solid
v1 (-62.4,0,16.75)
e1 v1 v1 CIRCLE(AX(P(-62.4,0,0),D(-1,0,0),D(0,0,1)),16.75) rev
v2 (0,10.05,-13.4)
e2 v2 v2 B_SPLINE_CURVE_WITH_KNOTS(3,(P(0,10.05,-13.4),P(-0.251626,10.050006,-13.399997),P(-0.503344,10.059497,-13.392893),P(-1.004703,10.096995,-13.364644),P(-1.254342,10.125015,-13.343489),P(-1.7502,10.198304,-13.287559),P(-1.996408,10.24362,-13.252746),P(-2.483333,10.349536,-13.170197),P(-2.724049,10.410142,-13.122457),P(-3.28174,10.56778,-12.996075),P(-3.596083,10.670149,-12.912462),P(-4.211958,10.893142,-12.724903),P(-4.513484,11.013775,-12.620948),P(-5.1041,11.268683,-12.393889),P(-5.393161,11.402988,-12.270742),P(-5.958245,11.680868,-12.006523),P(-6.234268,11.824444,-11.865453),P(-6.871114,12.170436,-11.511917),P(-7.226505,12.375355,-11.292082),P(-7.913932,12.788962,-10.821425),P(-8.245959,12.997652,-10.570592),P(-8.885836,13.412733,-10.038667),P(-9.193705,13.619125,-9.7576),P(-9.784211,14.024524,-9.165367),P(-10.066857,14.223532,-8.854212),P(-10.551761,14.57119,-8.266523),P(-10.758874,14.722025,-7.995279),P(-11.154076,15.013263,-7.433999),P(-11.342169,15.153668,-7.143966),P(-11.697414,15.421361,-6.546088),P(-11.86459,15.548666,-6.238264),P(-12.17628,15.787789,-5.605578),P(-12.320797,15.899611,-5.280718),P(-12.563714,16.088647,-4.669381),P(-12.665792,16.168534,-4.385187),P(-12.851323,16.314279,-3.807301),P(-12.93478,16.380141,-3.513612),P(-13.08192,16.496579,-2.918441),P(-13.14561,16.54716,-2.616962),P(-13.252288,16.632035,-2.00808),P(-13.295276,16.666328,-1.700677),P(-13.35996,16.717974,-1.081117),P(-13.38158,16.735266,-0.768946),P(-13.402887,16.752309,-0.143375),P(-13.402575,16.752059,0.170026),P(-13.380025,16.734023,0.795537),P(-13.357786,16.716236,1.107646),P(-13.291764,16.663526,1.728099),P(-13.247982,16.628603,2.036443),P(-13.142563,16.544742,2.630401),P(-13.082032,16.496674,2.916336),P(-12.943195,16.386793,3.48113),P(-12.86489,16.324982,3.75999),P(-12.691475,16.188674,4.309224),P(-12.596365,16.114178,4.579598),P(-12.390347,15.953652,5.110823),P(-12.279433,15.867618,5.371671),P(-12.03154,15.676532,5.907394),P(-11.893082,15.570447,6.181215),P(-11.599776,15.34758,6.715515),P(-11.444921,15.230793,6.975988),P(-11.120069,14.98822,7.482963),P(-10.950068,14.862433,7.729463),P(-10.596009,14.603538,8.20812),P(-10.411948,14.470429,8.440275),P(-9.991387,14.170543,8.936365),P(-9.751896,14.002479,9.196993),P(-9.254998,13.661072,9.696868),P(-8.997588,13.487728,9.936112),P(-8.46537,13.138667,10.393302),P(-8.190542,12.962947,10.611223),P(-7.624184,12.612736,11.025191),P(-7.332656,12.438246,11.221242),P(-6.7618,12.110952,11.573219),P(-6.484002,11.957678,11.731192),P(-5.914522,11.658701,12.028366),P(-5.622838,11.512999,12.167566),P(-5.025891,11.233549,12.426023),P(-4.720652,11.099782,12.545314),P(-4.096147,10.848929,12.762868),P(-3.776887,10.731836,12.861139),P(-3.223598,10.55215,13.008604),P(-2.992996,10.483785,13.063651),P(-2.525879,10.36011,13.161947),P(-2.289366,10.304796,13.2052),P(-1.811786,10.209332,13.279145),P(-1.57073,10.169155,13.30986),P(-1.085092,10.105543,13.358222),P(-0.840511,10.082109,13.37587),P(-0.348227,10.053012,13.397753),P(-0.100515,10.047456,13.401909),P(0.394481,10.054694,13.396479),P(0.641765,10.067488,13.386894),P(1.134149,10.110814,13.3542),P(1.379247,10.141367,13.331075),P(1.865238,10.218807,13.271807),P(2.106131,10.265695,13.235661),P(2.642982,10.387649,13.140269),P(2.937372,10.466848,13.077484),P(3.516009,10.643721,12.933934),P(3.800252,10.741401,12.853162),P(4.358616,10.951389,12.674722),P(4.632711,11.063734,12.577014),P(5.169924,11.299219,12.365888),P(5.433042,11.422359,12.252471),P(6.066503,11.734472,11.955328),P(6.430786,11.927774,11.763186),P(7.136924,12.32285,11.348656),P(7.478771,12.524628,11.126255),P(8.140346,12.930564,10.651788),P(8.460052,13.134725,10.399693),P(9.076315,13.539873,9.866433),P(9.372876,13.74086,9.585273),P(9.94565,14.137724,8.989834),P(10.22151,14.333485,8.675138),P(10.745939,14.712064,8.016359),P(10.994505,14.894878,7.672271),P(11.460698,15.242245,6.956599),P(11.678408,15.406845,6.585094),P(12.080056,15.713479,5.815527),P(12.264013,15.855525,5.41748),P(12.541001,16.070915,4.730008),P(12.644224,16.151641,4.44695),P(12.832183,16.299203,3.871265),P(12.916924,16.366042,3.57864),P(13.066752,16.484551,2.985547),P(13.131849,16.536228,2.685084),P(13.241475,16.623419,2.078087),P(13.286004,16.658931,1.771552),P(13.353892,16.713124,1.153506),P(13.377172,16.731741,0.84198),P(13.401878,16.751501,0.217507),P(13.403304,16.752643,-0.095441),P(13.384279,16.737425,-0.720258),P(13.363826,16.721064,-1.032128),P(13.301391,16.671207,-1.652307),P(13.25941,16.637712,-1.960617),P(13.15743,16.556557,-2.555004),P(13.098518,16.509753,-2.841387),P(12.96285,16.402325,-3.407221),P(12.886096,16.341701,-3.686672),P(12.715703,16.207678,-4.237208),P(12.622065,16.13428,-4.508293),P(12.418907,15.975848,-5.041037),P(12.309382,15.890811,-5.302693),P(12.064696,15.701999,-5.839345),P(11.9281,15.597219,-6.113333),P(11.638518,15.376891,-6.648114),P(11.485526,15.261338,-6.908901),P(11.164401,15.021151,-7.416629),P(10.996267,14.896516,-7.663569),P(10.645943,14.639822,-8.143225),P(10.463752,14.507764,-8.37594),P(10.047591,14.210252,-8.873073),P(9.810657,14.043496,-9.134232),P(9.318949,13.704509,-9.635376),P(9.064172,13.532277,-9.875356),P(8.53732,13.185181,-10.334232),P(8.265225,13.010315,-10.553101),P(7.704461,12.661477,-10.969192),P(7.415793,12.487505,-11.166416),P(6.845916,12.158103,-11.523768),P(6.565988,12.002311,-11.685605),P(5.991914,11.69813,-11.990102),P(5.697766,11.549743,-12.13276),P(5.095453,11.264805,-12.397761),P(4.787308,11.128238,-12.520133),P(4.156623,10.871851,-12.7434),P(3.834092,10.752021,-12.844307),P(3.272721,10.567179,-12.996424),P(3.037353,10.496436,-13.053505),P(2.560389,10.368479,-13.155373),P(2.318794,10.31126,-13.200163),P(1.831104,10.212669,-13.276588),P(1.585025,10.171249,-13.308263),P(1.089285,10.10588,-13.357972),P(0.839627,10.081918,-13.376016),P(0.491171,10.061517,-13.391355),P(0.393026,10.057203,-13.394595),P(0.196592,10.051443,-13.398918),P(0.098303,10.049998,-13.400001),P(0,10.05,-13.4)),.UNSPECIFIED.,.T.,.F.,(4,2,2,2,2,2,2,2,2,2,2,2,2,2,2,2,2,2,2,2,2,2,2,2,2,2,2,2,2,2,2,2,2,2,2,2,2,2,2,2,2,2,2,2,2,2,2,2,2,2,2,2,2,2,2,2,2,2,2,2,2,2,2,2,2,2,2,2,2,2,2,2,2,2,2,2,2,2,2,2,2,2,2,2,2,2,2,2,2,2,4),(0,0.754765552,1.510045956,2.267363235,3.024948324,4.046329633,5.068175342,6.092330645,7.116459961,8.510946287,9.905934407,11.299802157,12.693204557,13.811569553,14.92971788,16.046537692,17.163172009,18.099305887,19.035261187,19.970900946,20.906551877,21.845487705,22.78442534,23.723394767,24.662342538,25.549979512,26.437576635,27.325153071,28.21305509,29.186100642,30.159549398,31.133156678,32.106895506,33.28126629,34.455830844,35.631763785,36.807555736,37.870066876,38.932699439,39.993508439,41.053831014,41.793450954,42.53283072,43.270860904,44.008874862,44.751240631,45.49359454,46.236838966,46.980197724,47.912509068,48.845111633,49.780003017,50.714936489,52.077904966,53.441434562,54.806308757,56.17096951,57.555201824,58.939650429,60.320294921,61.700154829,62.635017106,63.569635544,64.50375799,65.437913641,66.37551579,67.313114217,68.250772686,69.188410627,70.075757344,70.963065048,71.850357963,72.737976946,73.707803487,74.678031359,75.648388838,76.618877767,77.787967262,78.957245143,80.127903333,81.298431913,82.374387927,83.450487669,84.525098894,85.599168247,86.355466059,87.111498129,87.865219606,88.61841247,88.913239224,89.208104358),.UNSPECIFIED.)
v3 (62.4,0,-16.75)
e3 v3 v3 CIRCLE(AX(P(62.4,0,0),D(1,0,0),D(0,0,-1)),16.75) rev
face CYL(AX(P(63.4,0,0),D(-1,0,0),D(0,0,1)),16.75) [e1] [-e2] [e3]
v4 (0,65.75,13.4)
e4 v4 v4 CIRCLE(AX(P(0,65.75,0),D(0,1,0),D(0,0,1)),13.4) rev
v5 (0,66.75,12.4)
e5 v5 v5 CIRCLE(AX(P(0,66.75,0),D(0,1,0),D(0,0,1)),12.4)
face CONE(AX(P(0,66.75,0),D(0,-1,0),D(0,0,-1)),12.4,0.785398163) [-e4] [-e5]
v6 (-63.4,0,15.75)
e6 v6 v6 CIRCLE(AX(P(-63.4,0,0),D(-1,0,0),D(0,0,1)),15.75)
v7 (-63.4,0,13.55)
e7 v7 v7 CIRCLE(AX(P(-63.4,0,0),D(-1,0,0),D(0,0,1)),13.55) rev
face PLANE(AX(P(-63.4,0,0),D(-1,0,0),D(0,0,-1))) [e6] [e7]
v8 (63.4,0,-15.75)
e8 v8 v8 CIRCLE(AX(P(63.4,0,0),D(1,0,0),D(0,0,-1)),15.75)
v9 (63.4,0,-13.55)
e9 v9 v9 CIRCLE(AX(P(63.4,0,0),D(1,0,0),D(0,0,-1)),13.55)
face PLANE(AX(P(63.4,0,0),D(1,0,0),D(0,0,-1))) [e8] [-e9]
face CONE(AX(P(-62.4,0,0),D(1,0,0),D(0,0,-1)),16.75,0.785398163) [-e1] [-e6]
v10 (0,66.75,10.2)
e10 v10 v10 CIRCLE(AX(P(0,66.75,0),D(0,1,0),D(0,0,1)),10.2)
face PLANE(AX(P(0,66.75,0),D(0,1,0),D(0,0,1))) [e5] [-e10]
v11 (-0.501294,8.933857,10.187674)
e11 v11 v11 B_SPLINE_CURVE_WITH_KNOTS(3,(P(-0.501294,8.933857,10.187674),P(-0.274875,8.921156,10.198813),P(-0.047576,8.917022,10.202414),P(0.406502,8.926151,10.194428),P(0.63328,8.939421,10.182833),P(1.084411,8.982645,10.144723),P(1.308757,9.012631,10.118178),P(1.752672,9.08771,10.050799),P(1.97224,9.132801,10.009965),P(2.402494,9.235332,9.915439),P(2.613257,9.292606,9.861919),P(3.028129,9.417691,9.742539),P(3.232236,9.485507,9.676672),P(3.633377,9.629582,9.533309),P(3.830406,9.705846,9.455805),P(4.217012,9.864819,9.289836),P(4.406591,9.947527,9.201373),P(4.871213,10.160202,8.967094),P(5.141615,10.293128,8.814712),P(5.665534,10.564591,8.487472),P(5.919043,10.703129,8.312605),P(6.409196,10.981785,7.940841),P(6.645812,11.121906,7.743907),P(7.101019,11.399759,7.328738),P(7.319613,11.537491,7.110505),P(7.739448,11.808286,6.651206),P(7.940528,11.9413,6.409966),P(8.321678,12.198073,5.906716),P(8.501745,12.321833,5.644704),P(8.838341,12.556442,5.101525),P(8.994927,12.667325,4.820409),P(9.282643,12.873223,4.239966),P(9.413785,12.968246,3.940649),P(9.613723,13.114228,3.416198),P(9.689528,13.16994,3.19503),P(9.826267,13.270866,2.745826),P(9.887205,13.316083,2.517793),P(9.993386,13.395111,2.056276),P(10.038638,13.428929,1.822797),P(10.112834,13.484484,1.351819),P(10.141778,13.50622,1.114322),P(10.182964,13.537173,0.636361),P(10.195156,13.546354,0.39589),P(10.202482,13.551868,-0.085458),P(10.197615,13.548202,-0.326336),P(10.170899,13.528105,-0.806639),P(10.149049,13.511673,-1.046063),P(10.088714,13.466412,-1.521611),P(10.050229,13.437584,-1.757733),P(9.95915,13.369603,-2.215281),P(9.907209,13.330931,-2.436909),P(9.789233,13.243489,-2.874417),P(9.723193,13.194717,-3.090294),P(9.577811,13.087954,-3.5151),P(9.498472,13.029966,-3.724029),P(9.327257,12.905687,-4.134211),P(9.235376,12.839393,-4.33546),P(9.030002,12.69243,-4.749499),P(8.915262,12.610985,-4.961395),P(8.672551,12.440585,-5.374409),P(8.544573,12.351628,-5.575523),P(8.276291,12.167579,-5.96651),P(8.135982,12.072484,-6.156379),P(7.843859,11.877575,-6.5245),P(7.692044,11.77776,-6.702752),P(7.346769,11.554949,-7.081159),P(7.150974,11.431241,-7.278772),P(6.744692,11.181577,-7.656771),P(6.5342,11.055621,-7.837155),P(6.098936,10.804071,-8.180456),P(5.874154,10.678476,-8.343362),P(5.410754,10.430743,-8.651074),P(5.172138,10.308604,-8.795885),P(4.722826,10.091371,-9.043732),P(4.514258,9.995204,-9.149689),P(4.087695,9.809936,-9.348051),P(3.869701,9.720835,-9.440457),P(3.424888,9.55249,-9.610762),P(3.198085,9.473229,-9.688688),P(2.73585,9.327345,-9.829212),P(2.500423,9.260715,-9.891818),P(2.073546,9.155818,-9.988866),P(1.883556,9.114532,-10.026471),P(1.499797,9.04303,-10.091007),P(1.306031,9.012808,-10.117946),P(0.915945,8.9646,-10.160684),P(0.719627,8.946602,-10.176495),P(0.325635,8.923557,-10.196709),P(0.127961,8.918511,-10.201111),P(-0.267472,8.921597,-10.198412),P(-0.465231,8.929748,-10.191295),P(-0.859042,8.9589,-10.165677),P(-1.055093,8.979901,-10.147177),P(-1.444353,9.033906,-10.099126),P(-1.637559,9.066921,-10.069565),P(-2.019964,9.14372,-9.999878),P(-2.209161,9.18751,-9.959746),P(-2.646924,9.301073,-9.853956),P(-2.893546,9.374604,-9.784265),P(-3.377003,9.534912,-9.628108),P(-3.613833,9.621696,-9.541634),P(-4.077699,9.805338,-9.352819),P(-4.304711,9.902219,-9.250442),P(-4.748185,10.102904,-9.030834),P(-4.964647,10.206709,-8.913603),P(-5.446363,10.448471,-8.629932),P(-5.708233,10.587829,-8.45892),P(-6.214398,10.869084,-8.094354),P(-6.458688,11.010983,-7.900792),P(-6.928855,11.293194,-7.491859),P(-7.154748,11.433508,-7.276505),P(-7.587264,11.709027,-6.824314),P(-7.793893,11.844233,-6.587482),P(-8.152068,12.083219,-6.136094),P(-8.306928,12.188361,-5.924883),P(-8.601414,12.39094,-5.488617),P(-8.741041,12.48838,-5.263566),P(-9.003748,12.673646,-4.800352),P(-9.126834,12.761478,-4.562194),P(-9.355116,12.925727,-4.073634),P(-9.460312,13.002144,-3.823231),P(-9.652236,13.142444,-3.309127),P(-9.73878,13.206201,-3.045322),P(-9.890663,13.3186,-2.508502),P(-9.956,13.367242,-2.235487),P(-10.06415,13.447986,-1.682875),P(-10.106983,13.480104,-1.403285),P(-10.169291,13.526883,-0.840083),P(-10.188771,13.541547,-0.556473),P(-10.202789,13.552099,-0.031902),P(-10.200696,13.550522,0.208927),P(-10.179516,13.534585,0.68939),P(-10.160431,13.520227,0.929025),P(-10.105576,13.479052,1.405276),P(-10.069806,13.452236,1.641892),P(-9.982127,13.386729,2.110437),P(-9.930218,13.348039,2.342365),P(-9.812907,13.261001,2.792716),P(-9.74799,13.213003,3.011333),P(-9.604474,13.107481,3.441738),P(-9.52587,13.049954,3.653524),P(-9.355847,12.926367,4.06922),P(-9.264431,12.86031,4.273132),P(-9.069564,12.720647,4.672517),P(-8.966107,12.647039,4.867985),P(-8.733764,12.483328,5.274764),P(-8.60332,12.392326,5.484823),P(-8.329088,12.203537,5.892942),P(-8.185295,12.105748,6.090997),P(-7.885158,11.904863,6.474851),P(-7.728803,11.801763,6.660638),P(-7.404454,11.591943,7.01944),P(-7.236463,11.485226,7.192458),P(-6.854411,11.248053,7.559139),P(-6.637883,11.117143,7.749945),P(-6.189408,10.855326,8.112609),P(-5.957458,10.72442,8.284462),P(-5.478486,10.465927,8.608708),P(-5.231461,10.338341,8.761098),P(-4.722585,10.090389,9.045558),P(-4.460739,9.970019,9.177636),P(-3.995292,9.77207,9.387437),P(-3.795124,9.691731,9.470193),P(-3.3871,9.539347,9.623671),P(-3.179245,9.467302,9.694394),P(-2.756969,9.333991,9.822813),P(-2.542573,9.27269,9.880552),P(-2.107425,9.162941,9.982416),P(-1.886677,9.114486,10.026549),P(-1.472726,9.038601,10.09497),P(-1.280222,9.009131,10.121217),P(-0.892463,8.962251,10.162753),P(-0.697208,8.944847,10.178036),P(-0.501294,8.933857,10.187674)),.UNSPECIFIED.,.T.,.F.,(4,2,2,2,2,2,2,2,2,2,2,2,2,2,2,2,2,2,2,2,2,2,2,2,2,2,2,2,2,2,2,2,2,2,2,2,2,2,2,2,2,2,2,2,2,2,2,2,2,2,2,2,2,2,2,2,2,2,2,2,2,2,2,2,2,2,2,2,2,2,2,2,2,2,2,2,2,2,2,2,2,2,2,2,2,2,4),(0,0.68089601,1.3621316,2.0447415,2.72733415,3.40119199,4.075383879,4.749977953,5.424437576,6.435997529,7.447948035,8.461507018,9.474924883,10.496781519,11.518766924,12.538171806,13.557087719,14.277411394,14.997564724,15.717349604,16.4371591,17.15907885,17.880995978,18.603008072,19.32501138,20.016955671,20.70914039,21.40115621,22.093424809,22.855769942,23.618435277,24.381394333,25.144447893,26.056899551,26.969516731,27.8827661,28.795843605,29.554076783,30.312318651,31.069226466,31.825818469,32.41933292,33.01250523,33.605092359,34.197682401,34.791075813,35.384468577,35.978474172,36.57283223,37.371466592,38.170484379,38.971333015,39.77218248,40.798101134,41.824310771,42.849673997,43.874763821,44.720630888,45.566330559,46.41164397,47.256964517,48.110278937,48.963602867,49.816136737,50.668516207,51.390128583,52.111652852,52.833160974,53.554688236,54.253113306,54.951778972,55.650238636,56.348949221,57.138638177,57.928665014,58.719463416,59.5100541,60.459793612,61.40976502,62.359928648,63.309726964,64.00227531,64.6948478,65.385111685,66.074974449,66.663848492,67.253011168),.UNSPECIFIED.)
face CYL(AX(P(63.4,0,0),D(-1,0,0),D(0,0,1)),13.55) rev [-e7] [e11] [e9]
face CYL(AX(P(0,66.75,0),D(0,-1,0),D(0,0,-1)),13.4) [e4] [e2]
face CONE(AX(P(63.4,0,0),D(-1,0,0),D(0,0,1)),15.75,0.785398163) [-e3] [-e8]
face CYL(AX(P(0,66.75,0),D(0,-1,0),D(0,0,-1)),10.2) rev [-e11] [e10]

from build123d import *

# Parameters (mm, degrees)
RUNROUTE_R          = 16.75
RUNEXTRUDE_DEPTH    = 63.4
OUTLETROUTE_R       = 13.4
OUTLETEXTRUDE_DEPTH = 66.75
TEESHELL_T          = -3.2
TEECHAMFER_SIZE     = 1


with BuildPart() as part:
    # RunRoute → RunExtrude (new body)
    with BuildSketch(Plane(origin=(0, 0, 0), x_dir=(0, 0, -1), z_dir=(1, 0, 0))):
        Circle(RUNROUTE_R)
    runextrude = extrude(amount=RUNEXTRUDE_DEPTH)

    # RunExtrudeMirror: RunExtrude across plane
    add(runextrude.mirror(Plane(origin=(0, 0, 0), x_dir=(0, 0, 1), z_dir=(1, 0, 0))))

    # OutletRoute → OutletExtrude (add)
    with BuildSketch(Plane(origin=(0, 0, 0), x_dir=(1, 0, 0), z_dir=(0, 1, 0))):
        Circle(OUTLETROUTE_R)
    extrude(amount=OUTLETEXTRUDE_DEPTH)

    # TeeShell
    teeshell_openings = [part.faces().sort_by_distance(p)[0] for p in [
        (-63.4, 0, 0),
        (63.4, 0, 0),
        (0, 66.75, 0),
    ]]
    offset(amount=TEESHELL_T, openings=teeshell_openings, kind=Kind.INTERSECTION)

    # TeeChamfer
    teechamfer_edges = [part.edges().sort_by_distance(p)[0] for p in [
        (-13.4, 66.75, 0),
        (63.4, 0, 16.75),
        (-63.4, 0, 16.75),
    ]]
    chamfer(teechamfer_edges, length=TEECHAMFER_SIZE)


solid = part.part
